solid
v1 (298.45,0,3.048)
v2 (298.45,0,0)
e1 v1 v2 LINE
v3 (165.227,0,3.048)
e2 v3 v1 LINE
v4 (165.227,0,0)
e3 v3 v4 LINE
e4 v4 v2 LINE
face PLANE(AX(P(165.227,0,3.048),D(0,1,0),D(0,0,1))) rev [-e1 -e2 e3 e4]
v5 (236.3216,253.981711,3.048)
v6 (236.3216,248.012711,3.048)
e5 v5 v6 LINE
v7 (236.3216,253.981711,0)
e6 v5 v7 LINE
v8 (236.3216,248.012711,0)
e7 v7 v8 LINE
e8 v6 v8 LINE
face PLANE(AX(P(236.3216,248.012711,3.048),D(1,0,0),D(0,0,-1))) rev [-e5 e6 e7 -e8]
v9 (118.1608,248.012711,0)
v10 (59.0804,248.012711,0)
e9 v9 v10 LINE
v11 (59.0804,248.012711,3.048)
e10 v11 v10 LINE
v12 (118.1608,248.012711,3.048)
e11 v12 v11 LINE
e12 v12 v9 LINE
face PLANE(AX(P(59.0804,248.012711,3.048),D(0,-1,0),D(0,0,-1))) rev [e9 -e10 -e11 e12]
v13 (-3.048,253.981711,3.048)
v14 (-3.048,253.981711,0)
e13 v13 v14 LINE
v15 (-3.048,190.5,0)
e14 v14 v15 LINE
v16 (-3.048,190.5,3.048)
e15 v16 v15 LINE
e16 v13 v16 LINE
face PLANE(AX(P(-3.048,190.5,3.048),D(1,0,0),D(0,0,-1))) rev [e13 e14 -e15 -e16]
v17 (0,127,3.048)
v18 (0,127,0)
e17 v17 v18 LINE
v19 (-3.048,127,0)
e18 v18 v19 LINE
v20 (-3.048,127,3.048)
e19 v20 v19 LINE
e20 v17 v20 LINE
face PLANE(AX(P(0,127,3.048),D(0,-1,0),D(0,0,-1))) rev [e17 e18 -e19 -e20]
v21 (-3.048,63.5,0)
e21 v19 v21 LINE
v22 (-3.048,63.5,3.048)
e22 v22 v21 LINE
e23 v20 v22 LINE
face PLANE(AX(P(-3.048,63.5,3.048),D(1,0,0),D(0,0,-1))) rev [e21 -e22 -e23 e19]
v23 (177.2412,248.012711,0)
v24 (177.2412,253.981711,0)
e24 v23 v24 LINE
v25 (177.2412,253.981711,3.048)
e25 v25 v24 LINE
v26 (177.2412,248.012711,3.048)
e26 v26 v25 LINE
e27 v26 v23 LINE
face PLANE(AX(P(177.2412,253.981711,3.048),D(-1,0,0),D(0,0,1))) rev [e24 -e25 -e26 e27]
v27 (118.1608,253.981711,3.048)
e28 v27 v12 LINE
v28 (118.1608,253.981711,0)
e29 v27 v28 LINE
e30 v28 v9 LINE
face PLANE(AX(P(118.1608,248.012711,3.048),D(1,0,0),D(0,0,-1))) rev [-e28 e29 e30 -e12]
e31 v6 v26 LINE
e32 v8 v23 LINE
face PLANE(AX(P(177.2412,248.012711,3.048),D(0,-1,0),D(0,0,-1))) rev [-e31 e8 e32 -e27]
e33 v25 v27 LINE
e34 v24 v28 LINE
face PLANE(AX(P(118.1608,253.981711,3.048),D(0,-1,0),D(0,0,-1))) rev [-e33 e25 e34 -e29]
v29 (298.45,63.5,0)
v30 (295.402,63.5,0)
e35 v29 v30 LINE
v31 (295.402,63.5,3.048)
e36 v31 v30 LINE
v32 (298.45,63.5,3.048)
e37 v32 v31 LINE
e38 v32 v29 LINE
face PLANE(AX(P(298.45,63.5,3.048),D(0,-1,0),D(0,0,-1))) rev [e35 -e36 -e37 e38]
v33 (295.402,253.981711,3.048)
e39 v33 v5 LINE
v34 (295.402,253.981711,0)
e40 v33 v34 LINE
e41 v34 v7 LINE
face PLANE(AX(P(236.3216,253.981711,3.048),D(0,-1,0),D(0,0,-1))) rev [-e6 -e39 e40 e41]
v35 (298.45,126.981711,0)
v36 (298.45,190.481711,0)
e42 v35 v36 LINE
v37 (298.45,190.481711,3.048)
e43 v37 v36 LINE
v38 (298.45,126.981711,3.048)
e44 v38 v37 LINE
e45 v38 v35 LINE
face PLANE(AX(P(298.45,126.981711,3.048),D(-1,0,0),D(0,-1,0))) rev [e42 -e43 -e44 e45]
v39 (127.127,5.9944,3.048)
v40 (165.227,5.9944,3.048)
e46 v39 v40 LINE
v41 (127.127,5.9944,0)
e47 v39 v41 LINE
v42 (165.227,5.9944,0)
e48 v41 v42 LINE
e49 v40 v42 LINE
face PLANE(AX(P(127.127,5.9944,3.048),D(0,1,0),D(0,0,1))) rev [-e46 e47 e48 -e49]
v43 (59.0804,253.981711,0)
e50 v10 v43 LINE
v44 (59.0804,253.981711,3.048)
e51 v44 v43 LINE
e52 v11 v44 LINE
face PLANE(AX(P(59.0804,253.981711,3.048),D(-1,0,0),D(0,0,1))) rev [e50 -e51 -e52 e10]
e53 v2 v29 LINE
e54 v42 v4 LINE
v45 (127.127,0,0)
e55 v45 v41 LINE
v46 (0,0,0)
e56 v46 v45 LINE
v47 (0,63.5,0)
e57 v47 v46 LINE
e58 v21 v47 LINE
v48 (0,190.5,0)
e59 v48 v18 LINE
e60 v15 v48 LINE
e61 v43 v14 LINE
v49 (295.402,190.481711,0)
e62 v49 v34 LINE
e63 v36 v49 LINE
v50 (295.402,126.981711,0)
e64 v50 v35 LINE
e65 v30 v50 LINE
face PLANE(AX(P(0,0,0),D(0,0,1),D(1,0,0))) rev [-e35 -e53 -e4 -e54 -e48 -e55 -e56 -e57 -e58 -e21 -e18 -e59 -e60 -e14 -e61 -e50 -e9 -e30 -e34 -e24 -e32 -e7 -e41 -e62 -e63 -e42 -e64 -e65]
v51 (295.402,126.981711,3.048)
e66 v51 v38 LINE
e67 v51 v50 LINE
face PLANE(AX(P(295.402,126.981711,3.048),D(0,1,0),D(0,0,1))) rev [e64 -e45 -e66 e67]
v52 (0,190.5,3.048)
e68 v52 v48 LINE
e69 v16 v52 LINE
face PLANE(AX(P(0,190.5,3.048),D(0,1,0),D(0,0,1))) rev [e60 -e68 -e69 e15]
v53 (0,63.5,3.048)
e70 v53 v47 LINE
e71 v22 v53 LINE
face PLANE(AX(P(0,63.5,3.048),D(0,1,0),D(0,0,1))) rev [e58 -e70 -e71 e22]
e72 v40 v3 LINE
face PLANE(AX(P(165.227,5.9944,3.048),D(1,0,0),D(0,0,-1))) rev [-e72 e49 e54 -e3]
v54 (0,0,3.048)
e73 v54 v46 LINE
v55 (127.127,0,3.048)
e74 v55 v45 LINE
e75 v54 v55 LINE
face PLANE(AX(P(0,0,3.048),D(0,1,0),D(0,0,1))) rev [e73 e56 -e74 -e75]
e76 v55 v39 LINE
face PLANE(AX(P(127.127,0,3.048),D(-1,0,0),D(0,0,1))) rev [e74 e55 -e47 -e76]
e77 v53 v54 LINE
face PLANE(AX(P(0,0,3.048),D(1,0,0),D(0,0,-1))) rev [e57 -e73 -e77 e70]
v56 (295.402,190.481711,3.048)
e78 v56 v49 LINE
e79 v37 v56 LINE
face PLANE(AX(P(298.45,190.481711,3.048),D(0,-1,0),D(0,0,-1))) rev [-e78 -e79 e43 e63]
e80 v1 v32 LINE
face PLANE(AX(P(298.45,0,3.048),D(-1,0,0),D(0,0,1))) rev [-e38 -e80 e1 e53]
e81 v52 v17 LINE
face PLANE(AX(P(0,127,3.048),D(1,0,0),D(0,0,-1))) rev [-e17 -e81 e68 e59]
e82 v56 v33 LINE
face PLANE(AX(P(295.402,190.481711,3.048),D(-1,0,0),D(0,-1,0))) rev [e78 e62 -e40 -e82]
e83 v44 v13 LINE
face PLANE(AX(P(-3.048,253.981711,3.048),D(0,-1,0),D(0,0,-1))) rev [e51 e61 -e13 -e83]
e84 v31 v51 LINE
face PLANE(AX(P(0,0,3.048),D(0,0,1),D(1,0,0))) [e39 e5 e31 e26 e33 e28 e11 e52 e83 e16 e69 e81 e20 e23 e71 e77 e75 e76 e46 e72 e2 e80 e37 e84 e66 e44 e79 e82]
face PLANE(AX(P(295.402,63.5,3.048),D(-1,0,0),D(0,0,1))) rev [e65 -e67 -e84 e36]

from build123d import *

# Parameters (mm, degrees)
BOSS_EXTRUDE1_DEPTH = 3.048


with BuildPart() as part:
    # Sketch1 → Boss-Extrude1 (new body)
    with BuildSketch(Plane.XY):
        Polygon((127.127, 0), (127.127, 5.9944), (165.227, 5.9944), (165.227, 0), (298.45, 0), (298.45, 63.5), (295.402, 63.5), (295.402, 126.981711342), (298.45, 126.981711342), (298.45, 190.481711342), (295.402, 190.481711342), (295.402, 253.981711342), (236.3216, 253.981711342), (236.3216, 248.012711342), (177.2412, 248.012711342), (177.2412, 253.981711342), (118.1608, 253.981711342), (118.1608, 248.012711342), (59.0804, 248.012711342), (59.0804, 253.981711342), (-3.048, 253.981711342), (-3.048, 190.5), (0, 190.5), (0, 127), (-3.048, 127), (-3.048, 63.5), (0, 63.5), (0, 0), align=None)
    extrude(amount=BOSS_EXTRUDE1_DEPTH)


solid = part.part
